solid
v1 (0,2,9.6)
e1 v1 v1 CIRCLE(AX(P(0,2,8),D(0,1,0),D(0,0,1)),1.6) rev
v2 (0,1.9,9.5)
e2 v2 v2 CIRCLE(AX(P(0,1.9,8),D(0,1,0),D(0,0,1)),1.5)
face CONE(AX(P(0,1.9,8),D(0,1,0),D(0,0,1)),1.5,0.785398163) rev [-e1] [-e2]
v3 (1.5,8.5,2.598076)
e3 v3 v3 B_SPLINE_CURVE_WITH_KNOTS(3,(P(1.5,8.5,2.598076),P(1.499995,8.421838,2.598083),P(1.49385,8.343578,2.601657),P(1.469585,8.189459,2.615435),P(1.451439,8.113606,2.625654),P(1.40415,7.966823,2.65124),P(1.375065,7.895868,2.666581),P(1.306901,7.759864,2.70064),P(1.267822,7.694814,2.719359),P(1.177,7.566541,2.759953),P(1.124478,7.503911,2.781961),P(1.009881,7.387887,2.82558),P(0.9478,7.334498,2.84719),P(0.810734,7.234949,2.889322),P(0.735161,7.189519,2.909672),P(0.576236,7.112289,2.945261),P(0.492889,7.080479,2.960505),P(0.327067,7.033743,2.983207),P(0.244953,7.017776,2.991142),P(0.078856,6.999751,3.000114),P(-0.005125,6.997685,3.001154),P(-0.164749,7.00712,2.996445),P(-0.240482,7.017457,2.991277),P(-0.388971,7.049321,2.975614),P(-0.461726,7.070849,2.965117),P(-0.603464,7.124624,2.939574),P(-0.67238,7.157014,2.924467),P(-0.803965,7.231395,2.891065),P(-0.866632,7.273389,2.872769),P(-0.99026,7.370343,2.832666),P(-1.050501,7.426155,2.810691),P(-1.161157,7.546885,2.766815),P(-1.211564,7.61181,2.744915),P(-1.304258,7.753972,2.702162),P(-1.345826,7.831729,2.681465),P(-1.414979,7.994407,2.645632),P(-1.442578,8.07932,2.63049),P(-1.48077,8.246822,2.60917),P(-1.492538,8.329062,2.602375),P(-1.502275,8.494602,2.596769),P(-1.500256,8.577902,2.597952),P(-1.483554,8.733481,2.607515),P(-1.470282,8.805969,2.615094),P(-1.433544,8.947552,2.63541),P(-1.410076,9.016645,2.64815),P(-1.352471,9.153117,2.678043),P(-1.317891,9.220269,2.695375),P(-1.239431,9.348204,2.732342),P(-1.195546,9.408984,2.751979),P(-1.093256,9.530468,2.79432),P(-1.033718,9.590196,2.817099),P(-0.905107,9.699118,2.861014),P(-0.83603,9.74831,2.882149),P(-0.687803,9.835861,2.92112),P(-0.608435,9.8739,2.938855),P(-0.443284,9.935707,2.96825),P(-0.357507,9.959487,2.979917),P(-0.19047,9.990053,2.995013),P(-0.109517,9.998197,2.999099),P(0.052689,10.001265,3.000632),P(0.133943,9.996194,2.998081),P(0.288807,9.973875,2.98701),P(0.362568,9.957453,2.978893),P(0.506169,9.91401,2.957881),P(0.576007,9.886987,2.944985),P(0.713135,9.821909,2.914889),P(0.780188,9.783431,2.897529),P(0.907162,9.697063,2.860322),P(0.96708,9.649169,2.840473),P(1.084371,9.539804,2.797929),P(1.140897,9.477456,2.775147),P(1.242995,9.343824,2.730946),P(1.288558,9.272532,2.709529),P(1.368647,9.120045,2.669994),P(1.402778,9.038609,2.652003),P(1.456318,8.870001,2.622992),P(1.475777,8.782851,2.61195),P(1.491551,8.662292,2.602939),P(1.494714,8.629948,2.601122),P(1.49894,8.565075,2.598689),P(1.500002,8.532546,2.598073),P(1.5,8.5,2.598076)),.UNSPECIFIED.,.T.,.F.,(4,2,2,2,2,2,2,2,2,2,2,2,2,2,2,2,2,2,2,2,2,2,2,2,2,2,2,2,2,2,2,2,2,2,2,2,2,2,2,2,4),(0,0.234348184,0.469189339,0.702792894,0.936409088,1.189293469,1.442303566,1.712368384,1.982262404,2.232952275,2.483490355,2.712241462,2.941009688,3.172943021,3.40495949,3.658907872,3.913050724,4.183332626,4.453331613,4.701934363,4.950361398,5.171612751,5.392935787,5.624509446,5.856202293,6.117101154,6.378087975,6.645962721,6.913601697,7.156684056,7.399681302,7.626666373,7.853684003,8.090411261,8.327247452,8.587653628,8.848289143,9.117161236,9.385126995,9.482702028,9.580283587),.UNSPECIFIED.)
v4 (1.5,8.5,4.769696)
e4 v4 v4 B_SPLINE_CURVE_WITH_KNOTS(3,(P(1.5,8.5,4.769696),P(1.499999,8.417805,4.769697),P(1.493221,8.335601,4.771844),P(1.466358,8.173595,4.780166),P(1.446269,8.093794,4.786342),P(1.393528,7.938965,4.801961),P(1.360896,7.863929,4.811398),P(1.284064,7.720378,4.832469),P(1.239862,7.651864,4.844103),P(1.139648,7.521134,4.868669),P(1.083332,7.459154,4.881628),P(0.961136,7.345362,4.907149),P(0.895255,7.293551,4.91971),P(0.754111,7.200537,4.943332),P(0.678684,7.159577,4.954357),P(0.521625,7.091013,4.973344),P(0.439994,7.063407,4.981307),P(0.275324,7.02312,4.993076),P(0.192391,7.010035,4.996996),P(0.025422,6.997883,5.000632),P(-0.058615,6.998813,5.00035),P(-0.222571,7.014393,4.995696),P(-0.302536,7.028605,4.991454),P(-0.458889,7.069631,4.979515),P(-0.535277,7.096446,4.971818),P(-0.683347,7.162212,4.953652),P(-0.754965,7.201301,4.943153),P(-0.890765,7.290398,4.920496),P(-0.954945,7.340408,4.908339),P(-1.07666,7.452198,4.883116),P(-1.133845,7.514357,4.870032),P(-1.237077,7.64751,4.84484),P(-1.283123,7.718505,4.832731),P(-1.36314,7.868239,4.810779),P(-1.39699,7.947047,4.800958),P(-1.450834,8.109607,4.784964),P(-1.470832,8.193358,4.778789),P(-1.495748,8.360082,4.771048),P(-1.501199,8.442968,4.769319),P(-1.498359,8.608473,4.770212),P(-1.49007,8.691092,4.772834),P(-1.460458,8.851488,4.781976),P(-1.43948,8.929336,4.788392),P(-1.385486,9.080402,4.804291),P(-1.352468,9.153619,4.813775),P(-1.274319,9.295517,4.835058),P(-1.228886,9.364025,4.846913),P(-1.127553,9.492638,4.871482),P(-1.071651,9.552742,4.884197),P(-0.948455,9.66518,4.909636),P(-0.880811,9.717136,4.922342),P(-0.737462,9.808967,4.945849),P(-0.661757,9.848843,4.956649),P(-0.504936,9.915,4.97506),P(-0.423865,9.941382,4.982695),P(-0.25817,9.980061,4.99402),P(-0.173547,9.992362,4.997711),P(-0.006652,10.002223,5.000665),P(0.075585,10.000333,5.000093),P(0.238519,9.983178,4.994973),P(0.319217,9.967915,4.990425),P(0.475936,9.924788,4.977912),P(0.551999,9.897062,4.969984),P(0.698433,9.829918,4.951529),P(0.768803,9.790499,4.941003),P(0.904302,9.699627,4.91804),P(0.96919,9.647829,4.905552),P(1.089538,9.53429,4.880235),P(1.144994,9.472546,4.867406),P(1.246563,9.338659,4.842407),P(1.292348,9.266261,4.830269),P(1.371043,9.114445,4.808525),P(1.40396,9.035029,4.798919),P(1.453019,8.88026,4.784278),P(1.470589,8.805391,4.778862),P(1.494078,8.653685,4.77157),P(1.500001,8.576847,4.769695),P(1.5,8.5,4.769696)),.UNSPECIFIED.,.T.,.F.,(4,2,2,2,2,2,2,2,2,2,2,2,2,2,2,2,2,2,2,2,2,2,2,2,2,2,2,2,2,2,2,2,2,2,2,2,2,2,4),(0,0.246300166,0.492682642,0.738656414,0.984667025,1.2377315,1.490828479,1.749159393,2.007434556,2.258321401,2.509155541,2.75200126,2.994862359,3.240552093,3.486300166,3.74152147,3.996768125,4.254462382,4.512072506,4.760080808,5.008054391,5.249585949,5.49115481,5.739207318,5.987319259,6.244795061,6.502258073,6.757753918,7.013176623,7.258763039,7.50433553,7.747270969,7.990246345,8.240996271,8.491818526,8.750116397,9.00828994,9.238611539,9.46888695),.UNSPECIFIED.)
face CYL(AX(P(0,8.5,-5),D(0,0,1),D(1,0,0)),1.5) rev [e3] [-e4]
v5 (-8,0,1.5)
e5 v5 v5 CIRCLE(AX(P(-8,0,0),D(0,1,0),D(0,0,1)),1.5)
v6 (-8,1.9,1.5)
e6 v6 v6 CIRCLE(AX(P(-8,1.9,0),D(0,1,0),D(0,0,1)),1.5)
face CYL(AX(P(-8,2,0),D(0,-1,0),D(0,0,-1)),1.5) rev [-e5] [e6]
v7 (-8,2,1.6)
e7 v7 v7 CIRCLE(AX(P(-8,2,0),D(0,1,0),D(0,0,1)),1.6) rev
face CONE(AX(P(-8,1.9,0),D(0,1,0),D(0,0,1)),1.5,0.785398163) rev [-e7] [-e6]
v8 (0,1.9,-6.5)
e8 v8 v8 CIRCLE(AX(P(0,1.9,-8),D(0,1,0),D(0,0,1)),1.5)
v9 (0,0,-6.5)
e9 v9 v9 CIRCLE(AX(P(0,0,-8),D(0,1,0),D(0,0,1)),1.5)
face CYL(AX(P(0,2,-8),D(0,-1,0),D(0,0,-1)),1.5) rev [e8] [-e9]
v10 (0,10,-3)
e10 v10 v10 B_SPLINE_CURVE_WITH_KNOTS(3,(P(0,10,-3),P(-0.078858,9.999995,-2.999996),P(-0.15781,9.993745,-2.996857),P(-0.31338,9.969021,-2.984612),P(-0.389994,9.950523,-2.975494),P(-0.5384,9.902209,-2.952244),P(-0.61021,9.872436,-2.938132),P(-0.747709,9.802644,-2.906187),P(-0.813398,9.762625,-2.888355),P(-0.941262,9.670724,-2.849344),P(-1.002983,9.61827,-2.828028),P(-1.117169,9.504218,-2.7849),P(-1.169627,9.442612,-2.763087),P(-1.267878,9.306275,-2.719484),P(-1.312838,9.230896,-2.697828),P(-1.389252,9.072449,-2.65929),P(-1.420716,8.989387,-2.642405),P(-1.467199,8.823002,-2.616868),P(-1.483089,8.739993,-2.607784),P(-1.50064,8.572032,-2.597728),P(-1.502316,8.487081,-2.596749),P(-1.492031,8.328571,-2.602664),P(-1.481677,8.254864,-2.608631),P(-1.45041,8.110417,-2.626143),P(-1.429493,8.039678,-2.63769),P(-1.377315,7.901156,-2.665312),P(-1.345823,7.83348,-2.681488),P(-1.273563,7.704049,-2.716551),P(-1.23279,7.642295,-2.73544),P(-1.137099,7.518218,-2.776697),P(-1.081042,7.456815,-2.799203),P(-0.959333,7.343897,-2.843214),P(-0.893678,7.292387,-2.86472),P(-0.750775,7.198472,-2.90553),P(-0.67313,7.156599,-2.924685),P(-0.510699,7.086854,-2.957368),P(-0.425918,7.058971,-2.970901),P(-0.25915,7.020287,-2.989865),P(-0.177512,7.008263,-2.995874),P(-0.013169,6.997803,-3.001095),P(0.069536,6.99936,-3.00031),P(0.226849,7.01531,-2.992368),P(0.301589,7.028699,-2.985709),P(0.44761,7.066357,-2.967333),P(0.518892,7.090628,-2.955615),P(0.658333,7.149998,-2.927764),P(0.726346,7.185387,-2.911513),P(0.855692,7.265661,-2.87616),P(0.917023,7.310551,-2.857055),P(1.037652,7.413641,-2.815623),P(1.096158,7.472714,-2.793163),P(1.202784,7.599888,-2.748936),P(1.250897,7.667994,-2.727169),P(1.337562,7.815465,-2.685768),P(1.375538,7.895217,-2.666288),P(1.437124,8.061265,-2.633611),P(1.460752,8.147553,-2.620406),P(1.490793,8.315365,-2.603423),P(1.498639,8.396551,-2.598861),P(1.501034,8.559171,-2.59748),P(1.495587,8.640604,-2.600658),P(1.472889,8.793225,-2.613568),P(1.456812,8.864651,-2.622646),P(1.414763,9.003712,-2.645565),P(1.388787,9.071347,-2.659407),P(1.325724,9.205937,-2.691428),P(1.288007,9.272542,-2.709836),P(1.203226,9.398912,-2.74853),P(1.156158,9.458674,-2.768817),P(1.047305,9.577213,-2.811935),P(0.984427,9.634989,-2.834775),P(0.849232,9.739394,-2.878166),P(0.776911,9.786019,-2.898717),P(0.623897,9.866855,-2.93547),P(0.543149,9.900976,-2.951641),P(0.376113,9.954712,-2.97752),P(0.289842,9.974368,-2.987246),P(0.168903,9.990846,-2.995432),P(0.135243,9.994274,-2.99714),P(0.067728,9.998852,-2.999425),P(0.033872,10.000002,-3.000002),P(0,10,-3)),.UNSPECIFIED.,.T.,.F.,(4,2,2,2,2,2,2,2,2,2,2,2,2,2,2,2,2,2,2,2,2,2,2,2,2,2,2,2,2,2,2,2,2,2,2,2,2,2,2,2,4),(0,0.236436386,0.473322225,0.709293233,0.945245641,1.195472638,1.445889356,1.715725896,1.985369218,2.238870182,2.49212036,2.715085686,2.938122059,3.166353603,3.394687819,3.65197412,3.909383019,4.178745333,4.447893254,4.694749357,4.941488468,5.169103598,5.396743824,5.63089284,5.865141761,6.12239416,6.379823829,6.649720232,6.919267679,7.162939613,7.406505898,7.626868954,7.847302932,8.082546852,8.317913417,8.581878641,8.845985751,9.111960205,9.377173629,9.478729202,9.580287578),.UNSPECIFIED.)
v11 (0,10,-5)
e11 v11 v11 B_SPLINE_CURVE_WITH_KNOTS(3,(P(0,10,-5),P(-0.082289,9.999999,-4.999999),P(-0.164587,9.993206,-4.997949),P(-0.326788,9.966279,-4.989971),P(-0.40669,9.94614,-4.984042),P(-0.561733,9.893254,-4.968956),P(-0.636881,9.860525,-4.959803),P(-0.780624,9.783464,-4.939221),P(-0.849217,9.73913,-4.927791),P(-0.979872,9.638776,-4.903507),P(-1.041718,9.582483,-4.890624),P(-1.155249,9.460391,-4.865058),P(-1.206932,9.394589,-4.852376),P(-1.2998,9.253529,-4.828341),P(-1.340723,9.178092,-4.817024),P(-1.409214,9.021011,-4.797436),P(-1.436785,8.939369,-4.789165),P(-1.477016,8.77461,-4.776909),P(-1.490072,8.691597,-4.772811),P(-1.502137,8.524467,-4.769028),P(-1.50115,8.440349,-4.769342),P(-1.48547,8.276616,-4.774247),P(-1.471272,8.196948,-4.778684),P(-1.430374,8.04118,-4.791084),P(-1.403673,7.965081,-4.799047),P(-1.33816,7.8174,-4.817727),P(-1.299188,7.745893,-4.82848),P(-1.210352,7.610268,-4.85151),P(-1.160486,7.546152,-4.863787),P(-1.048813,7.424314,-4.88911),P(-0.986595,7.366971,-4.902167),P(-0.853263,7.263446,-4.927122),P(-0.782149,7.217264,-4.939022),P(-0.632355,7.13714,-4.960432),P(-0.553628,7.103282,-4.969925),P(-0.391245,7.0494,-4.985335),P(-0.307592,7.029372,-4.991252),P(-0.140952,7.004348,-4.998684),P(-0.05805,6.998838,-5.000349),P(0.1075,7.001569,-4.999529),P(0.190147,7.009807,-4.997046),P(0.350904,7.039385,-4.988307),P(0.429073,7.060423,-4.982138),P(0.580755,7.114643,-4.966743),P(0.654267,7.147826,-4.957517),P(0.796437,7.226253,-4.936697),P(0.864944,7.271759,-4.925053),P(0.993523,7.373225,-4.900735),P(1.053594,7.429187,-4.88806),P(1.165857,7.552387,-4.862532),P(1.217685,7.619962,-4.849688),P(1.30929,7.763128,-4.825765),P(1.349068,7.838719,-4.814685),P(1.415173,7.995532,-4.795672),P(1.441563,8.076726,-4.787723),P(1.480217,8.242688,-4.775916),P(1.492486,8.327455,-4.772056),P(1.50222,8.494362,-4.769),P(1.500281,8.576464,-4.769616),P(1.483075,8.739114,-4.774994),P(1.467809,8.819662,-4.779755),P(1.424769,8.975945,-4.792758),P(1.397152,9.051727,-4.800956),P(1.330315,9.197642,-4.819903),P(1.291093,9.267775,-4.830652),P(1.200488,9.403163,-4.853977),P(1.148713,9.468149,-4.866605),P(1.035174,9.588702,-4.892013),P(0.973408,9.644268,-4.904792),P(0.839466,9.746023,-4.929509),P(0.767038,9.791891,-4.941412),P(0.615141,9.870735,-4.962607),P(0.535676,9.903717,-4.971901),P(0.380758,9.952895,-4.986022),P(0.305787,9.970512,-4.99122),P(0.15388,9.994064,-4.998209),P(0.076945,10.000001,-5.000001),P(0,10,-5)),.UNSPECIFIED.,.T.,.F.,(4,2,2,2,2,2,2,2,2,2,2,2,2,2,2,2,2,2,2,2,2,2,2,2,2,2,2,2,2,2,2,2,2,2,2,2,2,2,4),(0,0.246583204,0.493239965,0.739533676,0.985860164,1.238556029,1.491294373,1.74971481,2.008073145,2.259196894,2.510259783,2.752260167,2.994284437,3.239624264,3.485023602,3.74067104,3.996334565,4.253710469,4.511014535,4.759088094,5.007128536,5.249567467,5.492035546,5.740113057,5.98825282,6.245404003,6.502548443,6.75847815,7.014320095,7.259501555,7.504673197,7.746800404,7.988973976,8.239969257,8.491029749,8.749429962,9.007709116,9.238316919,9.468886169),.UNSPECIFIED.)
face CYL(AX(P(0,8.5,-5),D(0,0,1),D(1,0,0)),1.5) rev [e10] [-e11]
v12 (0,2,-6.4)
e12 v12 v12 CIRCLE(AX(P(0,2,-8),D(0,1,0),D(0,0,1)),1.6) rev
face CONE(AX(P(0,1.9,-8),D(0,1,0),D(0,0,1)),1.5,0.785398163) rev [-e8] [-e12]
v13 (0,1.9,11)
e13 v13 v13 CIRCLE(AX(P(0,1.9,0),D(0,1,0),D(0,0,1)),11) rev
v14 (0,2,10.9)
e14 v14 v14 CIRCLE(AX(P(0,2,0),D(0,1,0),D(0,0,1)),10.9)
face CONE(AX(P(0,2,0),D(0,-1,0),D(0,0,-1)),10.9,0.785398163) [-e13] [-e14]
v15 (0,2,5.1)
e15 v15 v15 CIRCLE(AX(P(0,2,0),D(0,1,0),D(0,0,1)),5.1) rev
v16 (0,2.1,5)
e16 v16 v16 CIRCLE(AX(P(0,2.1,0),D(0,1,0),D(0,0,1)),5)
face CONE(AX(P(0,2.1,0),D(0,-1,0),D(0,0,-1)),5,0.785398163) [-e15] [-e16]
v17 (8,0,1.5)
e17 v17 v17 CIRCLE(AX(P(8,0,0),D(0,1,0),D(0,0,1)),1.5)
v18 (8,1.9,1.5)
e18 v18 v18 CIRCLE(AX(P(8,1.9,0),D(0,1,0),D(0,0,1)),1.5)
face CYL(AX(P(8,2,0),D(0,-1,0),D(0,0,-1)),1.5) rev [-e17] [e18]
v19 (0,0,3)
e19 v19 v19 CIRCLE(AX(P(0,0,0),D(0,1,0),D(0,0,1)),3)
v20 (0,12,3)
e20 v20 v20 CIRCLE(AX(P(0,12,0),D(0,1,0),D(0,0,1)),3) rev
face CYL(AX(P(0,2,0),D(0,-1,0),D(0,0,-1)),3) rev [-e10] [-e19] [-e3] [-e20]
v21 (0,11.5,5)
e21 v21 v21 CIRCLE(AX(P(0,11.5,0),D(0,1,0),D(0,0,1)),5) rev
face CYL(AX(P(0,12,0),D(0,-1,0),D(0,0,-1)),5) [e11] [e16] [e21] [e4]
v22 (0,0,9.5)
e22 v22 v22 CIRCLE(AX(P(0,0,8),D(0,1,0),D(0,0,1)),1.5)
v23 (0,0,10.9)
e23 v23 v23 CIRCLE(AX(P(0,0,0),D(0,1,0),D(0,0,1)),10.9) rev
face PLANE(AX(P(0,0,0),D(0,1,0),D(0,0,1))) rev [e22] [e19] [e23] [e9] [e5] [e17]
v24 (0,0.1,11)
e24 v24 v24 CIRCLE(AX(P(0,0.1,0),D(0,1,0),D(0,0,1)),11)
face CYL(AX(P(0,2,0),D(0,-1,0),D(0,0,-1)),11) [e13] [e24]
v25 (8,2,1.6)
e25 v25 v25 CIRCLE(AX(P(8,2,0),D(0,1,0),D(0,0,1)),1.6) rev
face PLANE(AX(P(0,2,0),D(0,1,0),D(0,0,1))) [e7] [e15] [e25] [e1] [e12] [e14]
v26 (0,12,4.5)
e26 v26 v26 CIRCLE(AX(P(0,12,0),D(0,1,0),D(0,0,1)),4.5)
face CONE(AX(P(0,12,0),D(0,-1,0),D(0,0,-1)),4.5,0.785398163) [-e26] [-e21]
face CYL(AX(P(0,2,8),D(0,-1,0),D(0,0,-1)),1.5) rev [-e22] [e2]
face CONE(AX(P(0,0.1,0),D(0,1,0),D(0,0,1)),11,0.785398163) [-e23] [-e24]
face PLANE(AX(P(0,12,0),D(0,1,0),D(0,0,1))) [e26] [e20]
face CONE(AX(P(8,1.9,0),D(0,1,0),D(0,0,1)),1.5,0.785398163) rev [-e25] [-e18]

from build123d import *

# Parameters (mm, degrees)
SKETCH1_R           = 11
SKETCH1_R_2         = 3
SKETCH1_R_3         = 1.5
BOSS_EXTRUDE1_DEPTH = 2
SKETCH2_R           = 5
SKETCH2_R_2         = 3
BOSS_EXTRUDE2_DEPTH = 10
CHAMFER1_SIZE       = 0.5
CHAMFER2_SIZE       = 0.1
CUT_EXTRUDE1_DEPTH  = 10


with BuildPart() as part:
    # Sketch1 → Boss-Extrude1 (new body)
    with BuildSketch(Plane(origin=(0, 0, 0), x_dir=(1, 0, 0), z_dir=(0, 1, 0))):
        Circle(SKETCH1_R)
        Circle(SKETCH1_R_2, mode=Mode.SUBTRACT)
        with Locations((0, 8)):
            Circle(SKETCH1_R_3, mode=Mode.SUBTRACT)
        with Locations((8, 0)):
            Circle(SKETCH1_R_3, mode=Mode.SUBTRACT)
        with Locations((0, -8)):
            Circle(SKETCH1_R_3, mode=Mode.SUBTRACT)
        with Locations((-8, 0)):
            Circle(SKETCH1_R_3, mode=Mode.SUBTRACT)
    extrude(amount=BOSS_EXTRUDE1_DEPTH)

    # Sketch2 → Boss-Extrude2 (add)
    with BuildSketch(Plane(origin=(0, 2, 0), x_dir=(1, 0, 0), z_dir=(0, 1, 0))):
        Circle(SKETCH2_R)
        Circle(SKETCH2_R_2, mode=Mode.SUBTRACT)
    extrude(amount=BOSS_EXTRUDE2_DEPTH)

    # Chamfer1
    chamfer1_edges = [part.edges().sort_by_distance(p)[0] for p in [
        (-5, 12, 0),
    ]]
    chamfer(chamfer1_edges, length=CHAMFER1_SIZE)

    # Chamfer2
    chamfer2_edges = [part.edges().sort_by_distance(p)[0] for p in [
        (-1.5, 2, -8),
        (-1.5, 2, 8),
        (-5, 2, 0),
        (-9.5, 2, 0),
        (6.5, 2, 0),
        (-11, 2, 0),
        (-11, 0, 0),
    ]]
    chamfer(chamfer2_edges, length=CHAMFER2_SIZE)

    # Sketch3 → Cut-Extrude1 (cut)
    with BuildSketch(Plane.XY.offset(5)):
        with BuildLine():
            ThreePointArc((0, 10), (-1.5, 8.5), (0, 7))
            Line((0, 7), (0, 10))
        make_face()
        with BuildLine():
            Line((0, 10), (0, 7))
            ThreePointArc((0, 7), (1.060660172, 7.439339828), (1.5, 8.5))
            ThreePointArc((1.5, 8.5), (1.060660172, 9.560660172), (0, 10))
        make_face()
    extrude(amount=-CUT_EXTRUDE1_DEPTH, mode=Mode.SUBTRACT)


solid = part.part
